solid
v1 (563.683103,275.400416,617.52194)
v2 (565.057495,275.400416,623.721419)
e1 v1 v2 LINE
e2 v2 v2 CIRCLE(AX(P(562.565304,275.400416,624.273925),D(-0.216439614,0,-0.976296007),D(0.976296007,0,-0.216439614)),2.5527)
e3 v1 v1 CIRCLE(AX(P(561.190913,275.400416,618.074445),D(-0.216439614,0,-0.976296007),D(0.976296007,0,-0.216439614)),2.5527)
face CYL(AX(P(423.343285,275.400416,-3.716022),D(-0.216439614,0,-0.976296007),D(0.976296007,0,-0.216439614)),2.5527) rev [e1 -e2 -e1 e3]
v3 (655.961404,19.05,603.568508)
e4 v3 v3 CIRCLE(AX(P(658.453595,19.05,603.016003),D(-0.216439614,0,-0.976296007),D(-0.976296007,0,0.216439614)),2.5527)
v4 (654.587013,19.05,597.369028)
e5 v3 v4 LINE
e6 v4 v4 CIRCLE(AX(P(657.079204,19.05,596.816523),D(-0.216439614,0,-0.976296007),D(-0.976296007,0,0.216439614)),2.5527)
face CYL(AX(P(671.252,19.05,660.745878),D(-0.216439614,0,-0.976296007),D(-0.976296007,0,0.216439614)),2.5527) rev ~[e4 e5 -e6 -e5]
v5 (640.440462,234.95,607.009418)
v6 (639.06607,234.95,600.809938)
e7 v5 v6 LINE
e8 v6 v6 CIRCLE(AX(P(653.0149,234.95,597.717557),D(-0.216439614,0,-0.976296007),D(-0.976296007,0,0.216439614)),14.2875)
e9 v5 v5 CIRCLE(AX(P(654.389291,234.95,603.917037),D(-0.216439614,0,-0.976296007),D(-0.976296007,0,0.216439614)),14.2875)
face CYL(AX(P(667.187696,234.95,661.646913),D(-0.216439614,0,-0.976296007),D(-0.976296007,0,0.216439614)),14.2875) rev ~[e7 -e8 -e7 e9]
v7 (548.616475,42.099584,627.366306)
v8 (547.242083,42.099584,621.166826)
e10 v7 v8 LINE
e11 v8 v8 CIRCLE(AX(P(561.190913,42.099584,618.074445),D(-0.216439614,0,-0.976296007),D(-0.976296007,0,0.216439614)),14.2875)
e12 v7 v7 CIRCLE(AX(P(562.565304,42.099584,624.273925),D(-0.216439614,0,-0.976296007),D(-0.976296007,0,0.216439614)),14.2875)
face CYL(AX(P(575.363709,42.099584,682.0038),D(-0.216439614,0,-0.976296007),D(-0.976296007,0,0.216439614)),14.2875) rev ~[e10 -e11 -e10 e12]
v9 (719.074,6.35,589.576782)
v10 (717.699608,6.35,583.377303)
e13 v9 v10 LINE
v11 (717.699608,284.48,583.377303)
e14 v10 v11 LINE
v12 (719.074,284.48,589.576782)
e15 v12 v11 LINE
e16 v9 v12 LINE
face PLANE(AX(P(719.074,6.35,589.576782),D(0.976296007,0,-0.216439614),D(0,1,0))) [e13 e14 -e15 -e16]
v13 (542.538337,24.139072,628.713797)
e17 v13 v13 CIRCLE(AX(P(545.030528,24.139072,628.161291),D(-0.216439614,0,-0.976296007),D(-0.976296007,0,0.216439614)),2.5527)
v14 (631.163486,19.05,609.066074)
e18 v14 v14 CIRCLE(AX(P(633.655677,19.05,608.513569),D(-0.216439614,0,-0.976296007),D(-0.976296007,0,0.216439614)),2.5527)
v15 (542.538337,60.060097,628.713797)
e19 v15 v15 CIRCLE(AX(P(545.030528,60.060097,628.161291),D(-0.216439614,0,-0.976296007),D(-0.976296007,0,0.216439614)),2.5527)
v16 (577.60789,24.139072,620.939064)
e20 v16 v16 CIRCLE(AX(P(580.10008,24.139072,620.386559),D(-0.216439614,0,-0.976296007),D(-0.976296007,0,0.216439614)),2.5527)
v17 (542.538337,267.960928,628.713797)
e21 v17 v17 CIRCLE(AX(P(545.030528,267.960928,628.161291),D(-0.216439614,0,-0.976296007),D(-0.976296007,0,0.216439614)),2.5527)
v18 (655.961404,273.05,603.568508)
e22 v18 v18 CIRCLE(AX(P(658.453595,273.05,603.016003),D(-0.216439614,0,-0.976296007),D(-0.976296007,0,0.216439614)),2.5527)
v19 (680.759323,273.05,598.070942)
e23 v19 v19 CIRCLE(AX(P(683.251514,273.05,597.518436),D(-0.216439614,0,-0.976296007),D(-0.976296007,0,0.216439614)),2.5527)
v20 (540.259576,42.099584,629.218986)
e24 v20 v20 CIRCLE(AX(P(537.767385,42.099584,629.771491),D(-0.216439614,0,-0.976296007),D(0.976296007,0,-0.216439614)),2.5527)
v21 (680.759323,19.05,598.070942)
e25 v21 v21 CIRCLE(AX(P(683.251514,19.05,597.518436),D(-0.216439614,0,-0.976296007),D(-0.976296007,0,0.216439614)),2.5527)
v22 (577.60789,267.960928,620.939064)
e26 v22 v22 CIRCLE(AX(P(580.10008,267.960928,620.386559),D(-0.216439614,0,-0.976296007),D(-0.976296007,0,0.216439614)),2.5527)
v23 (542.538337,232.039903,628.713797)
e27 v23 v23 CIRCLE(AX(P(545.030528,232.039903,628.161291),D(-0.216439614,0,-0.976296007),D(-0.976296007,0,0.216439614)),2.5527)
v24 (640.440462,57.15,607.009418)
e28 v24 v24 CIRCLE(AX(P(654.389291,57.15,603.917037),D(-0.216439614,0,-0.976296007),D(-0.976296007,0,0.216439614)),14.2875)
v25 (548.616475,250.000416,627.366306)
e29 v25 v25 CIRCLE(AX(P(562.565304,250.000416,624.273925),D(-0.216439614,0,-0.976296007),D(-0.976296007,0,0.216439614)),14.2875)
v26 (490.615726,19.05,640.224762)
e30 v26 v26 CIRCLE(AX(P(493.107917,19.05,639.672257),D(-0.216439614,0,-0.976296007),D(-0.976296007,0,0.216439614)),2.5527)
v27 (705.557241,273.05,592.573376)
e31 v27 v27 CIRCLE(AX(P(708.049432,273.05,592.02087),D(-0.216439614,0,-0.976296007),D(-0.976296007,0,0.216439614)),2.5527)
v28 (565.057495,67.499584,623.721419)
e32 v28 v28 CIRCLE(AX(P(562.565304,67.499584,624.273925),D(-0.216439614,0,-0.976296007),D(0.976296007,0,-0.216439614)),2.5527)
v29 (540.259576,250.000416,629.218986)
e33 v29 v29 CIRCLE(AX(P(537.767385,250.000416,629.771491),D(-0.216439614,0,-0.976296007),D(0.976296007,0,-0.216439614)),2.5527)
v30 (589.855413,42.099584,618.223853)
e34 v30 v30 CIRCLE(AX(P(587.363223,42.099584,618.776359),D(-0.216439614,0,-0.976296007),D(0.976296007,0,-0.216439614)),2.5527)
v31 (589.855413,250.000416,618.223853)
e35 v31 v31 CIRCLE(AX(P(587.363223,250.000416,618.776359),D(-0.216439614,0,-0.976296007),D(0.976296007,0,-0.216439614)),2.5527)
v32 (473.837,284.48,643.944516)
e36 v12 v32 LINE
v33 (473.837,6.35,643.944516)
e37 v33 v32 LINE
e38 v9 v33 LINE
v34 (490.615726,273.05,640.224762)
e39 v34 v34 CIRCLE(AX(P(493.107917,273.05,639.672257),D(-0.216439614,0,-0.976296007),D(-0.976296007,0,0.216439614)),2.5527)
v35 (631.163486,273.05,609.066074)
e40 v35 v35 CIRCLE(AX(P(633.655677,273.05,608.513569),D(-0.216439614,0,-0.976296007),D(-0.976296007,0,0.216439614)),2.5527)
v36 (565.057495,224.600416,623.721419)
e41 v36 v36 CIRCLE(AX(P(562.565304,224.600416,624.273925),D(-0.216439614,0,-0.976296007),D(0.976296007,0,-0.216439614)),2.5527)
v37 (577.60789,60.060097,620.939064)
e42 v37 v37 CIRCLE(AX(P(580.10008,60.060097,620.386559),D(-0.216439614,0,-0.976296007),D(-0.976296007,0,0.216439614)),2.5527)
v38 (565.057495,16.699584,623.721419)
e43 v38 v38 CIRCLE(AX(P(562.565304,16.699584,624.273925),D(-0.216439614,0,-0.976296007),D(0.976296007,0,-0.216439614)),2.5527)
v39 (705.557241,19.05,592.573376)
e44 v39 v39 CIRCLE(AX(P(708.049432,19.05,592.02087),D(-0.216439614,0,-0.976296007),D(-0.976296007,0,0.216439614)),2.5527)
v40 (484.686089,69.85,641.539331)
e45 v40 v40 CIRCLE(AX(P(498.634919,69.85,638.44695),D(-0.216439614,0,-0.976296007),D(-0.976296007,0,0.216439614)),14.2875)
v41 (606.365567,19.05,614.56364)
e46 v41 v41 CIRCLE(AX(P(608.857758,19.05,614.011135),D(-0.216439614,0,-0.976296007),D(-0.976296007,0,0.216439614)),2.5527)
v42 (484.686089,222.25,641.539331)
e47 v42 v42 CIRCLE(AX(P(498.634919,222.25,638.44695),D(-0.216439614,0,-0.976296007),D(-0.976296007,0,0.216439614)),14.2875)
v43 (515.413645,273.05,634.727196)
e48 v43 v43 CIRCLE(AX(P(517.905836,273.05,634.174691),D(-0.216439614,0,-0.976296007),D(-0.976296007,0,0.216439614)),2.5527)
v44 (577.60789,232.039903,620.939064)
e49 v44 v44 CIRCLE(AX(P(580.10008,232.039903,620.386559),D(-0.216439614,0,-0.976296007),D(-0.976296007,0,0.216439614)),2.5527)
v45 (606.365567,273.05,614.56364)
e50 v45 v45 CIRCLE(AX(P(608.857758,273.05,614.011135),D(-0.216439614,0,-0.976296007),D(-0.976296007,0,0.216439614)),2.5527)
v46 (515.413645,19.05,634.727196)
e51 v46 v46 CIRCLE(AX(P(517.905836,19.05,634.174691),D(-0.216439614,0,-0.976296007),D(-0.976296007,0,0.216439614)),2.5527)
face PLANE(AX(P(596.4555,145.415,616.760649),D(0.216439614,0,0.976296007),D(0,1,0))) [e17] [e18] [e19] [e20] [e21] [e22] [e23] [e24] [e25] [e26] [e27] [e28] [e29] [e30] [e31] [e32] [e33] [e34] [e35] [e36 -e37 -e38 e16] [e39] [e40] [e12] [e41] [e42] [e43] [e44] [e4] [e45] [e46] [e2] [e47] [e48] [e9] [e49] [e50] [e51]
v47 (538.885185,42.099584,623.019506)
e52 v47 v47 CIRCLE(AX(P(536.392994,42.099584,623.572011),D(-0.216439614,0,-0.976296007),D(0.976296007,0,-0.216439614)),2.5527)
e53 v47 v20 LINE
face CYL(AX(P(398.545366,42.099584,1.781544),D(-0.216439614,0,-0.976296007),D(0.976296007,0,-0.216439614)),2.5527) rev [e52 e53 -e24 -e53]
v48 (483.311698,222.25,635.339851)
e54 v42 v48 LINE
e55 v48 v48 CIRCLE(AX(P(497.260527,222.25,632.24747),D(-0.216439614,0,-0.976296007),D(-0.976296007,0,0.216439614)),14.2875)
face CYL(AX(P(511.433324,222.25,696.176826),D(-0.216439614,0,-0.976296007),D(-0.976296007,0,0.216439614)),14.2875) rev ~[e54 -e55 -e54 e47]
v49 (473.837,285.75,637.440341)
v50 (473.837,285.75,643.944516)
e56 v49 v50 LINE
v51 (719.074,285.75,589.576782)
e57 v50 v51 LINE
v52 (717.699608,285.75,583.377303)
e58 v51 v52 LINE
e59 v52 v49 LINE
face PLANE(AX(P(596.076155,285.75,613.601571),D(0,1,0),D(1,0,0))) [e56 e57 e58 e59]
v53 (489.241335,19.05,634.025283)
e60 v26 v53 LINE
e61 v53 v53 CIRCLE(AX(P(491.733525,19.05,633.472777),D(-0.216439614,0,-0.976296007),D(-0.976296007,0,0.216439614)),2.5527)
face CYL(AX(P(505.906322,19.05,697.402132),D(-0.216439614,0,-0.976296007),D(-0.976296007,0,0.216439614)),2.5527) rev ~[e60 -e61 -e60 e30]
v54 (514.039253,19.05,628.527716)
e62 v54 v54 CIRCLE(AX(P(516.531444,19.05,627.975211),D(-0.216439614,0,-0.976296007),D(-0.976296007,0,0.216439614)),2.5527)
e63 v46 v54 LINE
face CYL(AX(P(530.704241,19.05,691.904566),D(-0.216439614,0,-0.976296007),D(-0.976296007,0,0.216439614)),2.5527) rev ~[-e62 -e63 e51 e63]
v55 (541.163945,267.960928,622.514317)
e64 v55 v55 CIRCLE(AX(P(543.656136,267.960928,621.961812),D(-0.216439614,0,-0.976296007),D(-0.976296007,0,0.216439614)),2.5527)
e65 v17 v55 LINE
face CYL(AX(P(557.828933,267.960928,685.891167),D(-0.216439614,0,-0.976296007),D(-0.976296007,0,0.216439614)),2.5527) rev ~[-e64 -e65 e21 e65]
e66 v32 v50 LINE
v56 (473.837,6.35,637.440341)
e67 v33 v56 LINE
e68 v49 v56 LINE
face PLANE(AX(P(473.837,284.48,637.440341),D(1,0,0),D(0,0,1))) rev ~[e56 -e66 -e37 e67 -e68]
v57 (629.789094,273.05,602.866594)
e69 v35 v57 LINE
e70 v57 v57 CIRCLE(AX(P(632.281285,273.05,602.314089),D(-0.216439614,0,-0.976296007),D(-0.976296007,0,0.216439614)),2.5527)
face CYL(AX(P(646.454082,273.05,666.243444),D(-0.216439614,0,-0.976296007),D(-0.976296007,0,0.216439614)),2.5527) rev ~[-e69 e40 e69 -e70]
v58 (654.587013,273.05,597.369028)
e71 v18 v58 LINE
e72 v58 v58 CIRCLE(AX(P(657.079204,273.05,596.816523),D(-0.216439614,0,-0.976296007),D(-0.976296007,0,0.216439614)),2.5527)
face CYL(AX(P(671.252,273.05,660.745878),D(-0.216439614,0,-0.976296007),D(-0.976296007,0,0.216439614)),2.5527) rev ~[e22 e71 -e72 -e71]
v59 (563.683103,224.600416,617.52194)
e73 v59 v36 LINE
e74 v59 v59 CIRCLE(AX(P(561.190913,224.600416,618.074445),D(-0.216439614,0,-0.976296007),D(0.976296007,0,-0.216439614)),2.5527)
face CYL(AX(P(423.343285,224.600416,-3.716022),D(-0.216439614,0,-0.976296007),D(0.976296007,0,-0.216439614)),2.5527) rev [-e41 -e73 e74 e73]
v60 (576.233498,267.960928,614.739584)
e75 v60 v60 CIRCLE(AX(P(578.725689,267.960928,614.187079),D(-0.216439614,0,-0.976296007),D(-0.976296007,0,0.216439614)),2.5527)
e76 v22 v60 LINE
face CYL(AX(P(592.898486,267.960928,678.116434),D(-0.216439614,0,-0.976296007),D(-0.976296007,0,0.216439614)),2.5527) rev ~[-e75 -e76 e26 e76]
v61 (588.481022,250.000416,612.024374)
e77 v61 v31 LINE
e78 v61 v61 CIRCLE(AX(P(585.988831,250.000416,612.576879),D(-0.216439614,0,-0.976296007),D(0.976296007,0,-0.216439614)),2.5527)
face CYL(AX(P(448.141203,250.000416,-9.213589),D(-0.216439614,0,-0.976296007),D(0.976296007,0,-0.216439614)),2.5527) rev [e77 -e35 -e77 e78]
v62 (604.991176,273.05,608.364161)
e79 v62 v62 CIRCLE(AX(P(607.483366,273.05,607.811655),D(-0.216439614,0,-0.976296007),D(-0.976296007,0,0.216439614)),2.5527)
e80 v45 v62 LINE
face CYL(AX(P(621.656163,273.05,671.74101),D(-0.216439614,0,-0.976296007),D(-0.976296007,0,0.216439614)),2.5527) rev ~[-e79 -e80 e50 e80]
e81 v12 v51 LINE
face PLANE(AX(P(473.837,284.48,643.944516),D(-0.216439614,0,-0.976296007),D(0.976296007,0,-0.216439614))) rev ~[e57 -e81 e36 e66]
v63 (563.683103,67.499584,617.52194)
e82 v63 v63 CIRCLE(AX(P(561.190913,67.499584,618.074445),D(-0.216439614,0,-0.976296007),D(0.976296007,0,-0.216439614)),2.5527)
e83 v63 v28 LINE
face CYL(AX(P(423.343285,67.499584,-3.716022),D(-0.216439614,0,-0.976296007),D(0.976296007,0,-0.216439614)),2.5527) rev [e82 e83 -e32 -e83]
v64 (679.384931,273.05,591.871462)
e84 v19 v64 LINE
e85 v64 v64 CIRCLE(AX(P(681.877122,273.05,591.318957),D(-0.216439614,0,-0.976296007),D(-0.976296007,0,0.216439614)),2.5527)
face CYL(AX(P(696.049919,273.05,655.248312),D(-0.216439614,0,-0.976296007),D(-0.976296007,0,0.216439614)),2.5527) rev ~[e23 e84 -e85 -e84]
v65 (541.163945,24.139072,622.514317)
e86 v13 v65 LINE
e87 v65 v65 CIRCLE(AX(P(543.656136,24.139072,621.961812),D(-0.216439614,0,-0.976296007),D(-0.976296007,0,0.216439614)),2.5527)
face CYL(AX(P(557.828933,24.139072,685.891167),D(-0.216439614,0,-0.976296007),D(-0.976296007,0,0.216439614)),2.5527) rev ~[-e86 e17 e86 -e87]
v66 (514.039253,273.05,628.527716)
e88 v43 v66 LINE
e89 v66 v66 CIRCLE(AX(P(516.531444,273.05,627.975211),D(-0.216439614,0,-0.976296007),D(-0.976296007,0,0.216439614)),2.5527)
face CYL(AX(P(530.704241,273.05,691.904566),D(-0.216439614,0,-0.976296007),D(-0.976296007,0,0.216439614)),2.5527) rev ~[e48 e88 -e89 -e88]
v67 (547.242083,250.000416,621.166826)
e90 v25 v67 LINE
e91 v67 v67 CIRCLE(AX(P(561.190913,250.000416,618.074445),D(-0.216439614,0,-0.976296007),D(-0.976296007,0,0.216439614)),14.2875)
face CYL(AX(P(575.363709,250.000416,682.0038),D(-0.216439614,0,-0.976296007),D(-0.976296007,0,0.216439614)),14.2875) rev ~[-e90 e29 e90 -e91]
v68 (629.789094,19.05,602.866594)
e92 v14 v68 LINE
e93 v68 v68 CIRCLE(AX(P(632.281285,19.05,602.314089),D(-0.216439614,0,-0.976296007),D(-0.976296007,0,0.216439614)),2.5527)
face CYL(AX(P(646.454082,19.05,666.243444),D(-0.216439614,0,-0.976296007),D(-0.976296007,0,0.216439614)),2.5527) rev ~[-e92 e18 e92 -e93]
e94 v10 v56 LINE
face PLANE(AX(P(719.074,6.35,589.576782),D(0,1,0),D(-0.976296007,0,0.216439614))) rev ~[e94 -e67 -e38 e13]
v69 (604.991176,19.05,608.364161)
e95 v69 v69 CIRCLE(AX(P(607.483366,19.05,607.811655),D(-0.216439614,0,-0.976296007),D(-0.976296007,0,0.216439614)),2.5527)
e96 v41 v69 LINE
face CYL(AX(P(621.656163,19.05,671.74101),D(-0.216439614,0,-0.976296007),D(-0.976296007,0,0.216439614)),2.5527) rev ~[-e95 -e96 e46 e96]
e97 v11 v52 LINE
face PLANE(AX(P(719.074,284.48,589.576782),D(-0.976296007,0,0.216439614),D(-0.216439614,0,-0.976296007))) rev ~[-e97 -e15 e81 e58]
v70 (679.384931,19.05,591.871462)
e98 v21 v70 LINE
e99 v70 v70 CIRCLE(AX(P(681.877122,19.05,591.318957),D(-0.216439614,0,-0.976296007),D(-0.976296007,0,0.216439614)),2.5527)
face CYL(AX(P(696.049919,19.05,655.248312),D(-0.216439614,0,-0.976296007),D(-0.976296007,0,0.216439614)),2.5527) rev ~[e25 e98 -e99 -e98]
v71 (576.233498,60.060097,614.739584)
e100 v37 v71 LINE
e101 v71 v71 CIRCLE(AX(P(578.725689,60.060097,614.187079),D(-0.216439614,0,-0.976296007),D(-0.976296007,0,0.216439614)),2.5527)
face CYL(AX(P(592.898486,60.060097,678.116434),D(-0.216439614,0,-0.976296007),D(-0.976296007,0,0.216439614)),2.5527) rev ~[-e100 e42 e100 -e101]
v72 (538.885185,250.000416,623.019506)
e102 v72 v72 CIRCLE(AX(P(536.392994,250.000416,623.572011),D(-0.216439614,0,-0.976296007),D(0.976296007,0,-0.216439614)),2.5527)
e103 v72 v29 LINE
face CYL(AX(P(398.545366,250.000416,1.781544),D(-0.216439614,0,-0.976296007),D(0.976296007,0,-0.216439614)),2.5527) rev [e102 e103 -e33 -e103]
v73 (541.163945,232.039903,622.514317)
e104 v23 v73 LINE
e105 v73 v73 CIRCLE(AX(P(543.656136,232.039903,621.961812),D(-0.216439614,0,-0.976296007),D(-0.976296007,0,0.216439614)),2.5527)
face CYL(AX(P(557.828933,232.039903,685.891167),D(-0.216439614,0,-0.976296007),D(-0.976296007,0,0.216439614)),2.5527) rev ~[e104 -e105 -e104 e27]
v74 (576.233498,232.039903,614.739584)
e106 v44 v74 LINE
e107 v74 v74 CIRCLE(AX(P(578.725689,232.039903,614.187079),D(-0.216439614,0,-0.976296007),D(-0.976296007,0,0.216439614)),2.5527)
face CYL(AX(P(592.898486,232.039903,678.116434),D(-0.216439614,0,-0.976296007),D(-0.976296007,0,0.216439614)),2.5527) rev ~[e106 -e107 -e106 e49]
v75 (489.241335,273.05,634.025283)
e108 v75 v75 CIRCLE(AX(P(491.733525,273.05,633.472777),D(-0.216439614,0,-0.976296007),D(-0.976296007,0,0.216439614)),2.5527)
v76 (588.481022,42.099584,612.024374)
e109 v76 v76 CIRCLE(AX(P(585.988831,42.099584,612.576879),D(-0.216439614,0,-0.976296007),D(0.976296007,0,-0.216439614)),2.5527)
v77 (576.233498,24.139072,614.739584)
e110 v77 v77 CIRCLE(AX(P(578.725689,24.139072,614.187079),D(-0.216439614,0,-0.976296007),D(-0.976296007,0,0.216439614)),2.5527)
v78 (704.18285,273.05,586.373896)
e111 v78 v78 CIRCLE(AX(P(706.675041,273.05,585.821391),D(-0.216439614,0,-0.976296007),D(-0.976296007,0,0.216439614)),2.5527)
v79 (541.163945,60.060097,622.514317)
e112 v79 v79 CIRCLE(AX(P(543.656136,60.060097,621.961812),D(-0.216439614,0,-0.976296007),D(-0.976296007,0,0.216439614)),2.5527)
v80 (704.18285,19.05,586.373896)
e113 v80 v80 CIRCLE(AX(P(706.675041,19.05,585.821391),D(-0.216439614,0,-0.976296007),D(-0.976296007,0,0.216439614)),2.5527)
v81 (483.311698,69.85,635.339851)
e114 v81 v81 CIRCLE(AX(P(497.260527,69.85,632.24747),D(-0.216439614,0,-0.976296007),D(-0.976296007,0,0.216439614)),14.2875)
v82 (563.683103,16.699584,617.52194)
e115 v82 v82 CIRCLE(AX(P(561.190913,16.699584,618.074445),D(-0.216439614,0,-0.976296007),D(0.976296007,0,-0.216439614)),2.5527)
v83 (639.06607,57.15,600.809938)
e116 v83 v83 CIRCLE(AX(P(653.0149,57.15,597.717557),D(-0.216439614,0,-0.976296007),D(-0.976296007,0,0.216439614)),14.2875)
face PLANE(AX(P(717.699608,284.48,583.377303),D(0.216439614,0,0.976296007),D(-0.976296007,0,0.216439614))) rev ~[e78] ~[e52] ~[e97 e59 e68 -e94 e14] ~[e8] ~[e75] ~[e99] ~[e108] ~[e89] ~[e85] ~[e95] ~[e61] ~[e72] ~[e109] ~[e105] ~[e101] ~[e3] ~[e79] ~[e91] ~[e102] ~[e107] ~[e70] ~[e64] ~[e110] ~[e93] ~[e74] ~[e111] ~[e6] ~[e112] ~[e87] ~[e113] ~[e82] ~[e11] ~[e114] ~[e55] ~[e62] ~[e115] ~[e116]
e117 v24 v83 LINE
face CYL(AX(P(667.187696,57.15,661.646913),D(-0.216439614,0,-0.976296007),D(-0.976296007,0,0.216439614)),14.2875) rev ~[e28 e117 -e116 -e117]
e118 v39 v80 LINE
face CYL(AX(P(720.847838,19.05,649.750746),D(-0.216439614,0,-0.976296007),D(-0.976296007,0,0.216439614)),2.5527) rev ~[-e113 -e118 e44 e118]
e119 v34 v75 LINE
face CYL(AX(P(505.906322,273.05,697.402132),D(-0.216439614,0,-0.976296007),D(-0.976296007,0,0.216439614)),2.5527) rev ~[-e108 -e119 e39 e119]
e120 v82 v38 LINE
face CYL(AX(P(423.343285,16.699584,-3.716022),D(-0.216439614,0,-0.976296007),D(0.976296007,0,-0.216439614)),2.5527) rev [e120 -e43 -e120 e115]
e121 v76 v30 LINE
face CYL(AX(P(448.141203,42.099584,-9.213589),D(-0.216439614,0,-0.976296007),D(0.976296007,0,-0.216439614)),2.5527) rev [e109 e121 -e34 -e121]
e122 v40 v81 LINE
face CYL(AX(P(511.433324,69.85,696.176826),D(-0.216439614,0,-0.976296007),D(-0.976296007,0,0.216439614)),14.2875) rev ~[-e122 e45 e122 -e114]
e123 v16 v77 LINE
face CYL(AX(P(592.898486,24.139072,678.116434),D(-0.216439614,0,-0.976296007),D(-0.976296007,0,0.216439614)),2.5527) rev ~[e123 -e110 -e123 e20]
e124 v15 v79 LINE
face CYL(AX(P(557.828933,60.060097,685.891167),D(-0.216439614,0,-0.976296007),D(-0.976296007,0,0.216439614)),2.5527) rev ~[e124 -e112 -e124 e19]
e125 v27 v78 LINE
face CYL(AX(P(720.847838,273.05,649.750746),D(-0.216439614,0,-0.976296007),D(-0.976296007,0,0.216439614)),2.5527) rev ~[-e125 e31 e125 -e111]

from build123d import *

# Parameters (mm, degrees)
SKETCH1_W                      = 278.13
SKETCH1_H                      = 251.191235252
BOSS_EXTRUDE1_DEPTH            = 6.35
DRAFT1_ANGLE                   = -12.5
HOLE1_D                        = 28.575
HOLE1_DEPTH                    = 59.131528827
F_7_0_201_DIAMETER_HOLE1_D     = 5.1054
F_7_0_201_DIAMETER_HOLE1_DEPTH = 59.131528827
CUT_EXTRUDE1_DEPTH             = 643.237238264
CUT_EXTRUDE1_DEPTH_BACK        = 643.237238264
SKETCH6_R                      = 2.5527
BOSS_EXTRUDE2_DEPTH            = 1.27


with BuildPart() as part:
    # Sketch1 → Boss-Extrude1 (new body)
    with BuildSketch(Plane(origin=(158.268774626, 0, 713.904307571), x_dir=(0, 1, 0), z_dir=(0.2164396139381031, 0, 0.9762960071199334))):
        with Locations((145.415, -448.825686245)):
            Rectangle(SKETCH1_W, SKETCH1_H)
    extrude(amount=-BOSS_EXTRUDE1_DEPTH)

    # Draft1
    draft1_faces = [part.faces().sort_by_distance(p)[0] for p in [
        (473.149804226, 145.415, 640.844776483),
    ]]
    draft(draft1_faces, Plane(origin=(158.268774626, 0, 713.904307571), x_dir=(0.9762960071199334, 0, -0.2164396139381031), z_dir=(0.21643961393810307, 0, 0.9762960071199333)), DRAFT1_ANGLE)

    # Hole1
    with Locations(Plane(origin=(158.268774626, 0, 713.904307571), x_dir=(0.9762960071199339, 0, -0.21643961393810046), z_dir=(0.21643961393810046, 0, 0.9762960071199339))):
        with Locations((348.630068619, 69.85), (508.166081715, 57.15), (508.166081715, 234.95), (348.630068619, 222.25), (414.112652808, 42.099584365), (414.112652808, 250.000415635)):
            Hole(HOLE1_D / 2, depth=HOLE1_DEPTH)

    # #7 (0.201) Diameter Hole1
    with Locations(Plane(origin=(158.268774626, 0, 713.904307571), x_dir=(0.9762960071199334, 0, -0.21643961393810307), z_dir=(0.21643961393810304, 0, 0.9762960071199333))):
        with Locations((461.529064979, 273.05), (512.329064979, 273.05), (563.129064979, 273.05), (537.729064979, 273.05), (486.929064979, 273.05), (368.368874158, 273.05), (461.529064979, 19.05), (486.929064979, 19.05), (512.329064979, 19.05), (537.729064979, 19.05), (563.129064979, 19.05), (368.368874158, 19.05), (342.968874158, 19.05), (432.07316505, 24.139072123), (432.07316505, 60.060096607), (396.152140566, 24.139072123), (396.152140566, 60.060096607), (432.07316505, 267.960927877), (396.152140566, 267.960927877), (432.07316505, 232.039903393), (396.152140566, 232.039903393), (342.968874158, 273.05)):
            Hole(F_7_0_201_DIAMETER_HOLE1_D / 2, depth=F_7_0_201_DIAMETER_HOLE1_DEPTH)

    # Sketch6 → Cut-Extrude1 (cut, two sides: drawn at the far end of the back side and taken through both)
    with BuildSketch(Plane(origin=(158.268774626, 0, 713.904307571), x_dir=(0.9762960071199334, 0, -0.21643961393810307), z_dir=(0.21643961393810304, 0, 0.9762960071199333)).offset(-CUT_EXTRUDE1_DEPTH_BACK)):
        with Locations((388.712652808, 250.000415635)):
            Circle(SKETCH6_R)
        with Locations((414.112652808, 275.400415635)):
            Circle(SKETCH6_R)
        with Locations((439.512652808, 250.000415635)):
            Circle(SKETCH6_R)
        with Locations((414.112652808, 224.600415635)):
            Circle(SKETCH6_R)
        with Locations((388.712652808, 42.099584365)):
            Circle(SKETCH6_R)
        with Locations((414.112652808, 67.499584365)):
            Circle(SKETCH6_R)
        with Locations((439.512652808, 42.099584365)):
            Circle(SKETCH6_R)
        with Locations((414.112652808, 16.699584365)):
            Circle(SKETCH6_R)
    extrude(amount=CUT_EXTRUDE1_DEPTH + CUT_EXTRUDE1_DEPTH_BACK, mode=Mode.SUBTRACT)

    # Sketch7 → Boss-Extrude2 (add)
    with BuildSketch(Plane(origin=(0, 284.48, 0), x_dir=(1, 0, 0), z_dir=(0, 1, 0))):
        Polygon((473.837, -637.44034139), (473.837, -643.944516305), (719.074, -589.576782323), (717.699608451, -583.377302678), align=None)
    extrude(amount=BOSS_EXTRUDE2_DEPTH)


solid = part.part
